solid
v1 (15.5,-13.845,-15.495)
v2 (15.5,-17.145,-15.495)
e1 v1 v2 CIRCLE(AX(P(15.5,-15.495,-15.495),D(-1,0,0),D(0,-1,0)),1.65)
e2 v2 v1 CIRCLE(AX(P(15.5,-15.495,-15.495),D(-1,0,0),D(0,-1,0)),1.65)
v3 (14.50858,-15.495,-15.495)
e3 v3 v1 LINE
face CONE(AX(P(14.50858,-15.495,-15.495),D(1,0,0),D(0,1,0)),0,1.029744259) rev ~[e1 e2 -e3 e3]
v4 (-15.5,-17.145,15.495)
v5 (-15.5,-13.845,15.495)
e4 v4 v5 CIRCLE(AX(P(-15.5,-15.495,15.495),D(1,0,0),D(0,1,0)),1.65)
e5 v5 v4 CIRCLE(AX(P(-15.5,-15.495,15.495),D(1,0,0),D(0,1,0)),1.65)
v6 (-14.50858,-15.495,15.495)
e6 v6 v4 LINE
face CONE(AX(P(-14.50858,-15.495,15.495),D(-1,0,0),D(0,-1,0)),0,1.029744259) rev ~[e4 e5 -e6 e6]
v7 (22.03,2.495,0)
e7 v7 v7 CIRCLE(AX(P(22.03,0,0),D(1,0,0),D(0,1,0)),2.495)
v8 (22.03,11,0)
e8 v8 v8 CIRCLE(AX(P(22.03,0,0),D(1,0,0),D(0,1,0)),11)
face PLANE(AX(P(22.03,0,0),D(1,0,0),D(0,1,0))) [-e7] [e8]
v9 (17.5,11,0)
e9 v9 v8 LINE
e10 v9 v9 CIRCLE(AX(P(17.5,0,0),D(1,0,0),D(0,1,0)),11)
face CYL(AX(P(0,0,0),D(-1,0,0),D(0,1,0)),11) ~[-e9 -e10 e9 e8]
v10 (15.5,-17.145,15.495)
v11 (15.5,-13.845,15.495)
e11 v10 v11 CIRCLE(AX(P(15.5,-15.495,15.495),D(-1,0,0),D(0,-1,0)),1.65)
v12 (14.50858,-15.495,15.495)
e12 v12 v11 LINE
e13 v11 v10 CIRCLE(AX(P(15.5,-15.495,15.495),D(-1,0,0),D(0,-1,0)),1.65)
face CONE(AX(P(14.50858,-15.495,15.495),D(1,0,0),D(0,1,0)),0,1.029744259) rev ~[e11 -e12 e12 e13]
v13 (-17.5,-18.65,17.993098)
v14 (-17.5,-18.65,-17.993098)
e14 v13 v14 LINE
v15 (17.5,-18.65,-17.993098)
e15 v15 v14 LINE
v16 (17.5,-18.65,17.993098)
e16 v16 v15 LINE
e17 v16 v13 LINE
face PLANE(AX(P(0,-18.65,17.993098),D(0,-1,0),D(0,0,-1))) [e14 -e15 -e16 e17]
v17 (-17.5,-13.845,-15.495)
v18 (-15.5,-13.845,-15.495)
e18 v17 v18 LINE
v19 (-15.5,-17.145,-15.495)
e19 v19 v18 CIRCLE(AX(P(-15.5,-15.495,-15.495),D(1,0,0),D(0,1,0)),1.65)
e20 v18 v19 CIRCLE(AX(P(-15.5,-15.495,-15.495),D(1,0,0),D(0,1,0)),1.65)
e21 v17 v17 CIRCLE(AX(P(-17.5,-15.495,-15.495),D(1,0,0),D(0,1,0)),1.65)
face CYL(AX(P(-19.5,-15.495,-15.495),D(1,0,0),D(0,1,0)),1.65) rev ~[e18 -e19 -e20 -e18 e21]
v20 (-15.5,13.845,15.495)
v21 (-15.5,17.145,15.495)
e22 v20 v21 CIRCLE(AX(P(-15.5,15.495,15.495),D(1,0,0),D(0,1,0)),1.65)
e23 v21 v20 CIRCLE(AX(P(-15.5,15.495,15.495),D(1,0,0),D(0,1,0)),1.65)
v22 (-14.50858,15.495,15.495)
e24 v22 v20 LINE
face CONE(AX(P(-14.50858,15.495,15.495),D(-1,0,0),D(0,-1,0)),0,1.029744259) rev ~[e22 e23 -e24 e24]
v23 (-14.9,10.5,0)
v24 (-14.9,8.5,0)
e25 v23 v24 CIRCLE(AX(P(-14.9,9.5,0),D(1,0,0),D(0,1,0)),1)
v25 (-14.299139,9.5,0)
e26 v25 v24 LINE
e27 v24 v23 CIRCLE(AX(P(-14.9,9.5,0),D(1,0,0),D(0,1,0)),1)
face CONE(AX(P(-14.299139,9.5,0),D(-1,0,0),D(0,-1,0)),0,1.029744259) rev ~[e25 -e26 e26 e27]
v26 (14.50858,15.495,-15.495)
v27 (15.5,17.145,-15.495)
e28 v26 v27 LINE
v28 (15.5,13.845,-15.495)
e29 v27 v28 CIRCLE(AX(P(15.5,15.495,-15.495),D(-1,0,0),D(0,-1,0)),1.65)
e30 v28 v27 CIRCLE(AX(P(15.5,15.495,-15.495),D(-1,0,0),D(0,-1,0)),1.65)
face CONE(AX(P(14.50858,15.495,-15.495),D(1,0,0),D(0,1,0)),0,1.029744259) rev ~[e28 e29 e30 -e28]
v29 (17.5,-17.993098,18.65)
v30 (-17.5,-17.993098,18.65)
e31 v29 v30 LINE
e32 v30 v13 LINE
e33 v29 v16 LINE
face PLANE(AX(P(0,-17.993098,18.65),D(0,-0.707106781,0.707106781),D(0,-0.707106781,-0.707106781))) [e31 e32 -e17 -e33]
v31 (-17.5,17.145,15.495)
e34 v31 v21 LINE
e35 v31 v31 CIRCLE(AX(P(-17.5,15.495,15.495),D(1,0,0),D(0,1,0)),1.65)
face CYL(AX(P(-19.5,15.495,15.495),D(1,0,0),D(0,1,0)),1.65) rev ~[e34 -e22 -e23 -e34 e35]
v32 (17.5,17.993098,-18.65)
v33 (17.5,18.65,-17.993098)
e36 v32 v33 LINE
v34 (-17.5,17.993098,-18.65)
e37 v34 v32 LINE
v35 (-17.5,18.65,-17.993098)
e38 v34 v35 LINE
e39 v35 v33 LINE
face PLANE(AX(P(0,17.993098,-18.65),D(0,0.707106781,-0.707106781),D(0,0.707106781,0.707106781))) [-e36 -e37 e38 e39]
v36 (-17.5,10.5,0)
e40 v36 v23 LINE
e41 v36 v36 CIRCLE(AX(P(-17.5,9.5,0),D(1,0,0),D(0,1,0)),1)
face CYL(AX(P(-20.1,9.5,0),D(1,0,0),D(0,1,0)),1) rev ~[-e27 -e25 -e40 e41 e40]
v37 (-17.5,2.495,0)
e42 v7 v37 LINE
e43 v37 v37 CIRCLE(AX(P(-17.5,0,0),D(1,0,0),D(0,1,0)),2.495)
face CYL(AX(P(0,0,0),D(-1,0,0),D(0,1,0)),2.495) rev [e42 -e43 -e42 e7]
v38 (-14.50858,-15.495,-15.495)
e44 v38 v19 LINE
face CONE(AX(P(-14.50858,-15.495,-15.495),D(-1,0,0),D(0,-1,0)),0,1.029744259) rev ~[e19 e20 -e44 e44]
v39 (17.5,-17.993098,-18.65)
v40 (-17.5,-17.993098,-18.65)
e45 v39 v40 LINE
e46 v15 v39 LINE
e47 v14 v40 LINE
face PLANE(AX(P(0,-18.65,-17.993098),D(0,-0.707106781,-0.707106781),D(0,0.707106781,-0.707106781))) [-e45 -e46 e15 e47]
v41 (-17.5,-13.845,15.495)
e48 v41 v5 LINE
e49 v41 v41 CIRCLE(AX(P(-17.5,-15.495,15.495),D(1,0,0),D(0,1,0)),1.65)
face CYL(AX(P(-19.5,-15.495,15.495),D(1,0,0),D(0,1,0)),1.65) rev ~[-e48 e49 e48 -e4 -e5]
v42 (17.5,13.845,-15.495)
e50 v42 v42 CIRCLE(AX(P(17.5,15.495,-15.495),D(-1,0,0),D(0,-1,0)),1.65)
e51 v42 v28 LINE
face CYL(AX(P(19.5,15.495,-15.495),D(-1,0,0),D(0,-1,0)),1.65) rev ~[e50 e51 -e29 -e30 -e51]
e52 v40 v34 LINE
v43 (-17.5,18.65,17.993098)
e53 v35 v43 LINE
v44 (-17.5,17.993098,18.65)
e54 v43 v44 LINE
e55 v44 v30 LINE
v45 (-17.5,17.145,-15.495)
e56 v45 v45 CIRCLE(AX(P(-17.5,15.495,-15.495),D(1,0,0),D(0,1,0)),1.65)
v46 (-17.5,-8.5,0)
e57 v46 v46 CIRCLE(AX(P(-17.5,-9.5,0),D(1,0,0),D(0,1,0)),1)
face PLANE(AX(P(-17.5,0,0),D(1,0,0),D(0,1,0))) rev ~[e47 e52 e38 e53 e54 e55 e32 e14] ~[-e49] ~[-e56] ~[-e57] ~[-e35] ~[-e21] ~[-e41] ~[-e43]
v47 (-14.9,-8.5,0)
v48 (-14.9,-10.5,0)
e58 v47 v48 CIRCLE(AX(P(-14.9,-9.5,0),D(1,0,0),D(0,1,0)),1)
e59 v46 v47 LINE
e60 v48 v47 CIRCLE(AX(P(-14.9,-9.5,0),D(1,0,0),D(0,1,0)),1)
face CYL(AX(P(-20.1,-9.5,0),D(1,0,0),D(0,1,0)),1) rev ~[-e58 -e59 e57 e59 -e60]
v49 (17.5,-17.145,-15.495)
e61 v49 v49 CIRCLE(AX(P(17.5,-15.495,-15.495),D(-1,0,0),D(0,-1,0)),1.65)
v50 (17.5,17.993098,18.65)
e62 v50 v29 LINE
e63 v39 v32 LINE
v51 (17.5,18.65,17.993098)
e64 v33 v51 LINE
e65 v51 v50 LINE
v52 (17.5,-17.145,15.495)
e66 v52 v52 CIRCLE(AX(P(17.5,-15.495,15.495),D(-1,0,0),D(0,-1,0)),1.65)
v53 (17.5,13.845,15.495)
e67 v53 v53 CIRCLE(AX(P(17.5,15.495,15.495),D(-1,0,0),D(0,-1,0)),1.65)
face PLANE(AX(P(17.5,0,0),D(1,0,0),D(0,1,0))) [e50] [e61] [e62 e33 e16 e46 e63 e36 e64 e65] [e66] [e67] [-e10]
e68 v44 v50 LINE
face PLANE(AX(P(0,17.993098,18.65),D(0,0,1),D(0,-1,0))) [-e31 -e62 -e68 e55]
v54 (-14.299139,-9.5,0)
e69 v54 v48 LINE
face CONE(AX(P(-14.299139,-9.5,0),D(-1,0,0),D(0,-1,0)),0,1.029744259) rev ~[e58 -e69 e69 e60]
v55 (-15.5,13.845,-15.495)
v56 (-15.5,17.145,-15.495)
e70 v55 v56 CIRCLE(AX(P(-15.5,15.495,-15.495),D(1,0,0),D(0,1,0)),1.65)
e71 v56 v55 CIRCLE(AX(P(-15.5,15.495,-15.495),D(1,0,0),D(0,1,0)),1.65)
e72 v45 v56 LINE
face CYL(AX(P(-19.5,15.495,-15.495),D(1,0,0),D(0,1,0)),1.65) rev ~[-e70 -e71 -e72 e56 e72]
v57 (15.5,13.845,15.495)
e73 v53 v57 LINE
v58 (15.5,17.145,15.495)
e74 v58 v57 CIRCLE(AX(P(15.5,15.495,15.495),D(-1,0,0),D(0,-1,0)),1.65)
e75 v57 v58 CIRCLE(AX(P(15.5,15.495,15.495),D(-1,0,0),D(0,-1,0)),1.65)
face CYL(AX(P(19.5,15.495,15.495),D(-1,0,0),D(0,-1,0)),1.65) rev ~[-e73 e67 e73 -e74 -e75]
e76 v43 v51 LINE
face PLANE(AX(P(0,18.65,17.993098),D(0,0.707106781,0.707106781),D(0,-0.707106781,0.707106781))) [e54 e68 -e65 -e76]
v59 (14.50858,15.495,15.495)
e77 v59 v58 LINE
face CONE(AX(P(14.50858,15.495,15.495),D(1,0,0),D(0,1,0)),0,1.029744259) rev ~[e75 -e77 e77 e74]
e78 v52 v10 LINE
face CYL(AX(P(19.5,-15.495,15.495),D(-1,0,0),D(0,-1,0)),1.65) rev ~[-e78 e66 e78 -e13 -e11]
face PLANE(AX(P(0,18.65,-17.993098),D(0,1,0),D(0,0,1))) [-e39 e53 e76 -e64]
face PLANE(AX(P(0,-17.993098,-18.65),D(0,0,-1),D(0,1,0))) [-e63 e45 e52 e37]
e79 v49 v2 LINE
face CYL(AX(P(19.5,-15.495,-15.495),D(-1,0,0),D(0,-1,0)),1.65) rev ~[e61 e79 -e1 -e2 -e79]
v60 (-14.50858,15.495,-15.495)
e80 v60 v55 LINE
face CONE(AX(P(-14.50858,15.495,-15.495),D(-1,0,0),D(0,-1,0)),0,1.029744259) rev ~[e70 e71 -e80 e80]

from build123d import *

# Parameters (mm, degrees)
F0_R     = 11
F1_DEPTH = 17.5
F0_R_2   = 2.495
F2_DEPTH = 17.5
F3_DEPTH = 22.03
F6_D     = 3.3
F6_DEPTH = 2
F6_TIP   = 0.9914200214
F7_D     = 3.3
F7_DEPTH = 2
F7_TIP   = 0.9914200214
F8_D     = 2
F8_DEPTH = 2.6
F8_TIP   = 0.600860619


with BuildPart() as f1:
    # F0 (on Right) → F1 (new body, symmetric)
    with BuildSketch(Plane.YZ):
        Polygon((-17.9930978003, -18.65), (17.9930978003, -18.65), (18.65, -17.9930978003), (18.65, 17.9930978003), (17.9930978003, 18.65), (-17.9930978003, 18.65), (-18.65, 17.9930978003), (-18.65, -17.9930978003), align=None)
        Circle(F0_R, mode=Mode.SUBTRACT)
    extrude(amount=F1_DEPTH, both=True)

    # F0 (on Right) → F2 (join, through all)
    with BuildSketch(Plane.YZ):
        Circle(F0_R)
        Circle(F0_R_2, mode=Mode.SUBTRACT)
    extrude(amount=-F2_DEPTH)

    # F0 (on Right) → F3 (join)
    with BuildSketch(Plane.YZ):
        Circle(F0_R)
        Circle(F0_R_2, mode=Mode.SUBTRACT)
    extrude(amount=F3_DEPTH)

    # F6
    with Locations(Plane.YZ.offset(17.5)):
        with Locations((15.495, 15.495), (-15.495, 15.495), (15.495, -15.495), (-15.495, -15.495)):
            Hole(F6_D / 2, depth=F6_DEPTH)
            with Locations((0, 0, -(F6_DEPTH + F6_TIP / 2))):  # 118° drill point
                Cone(0, F6_D / 2, F6_TIP, mode=Mode.SUBTRACT)

    # F7
    with Locations(Plane(origin=(-17.5, 0, 0), x_dir=(0, -1, 0), z_dir=(-1, 0, 0))):
        with Locations((-15.495, 15.495), (-15.495, -15.495), (15.495, -15.495), (15.495, 15.495)):
            Hole(F7_D / 2, depth=F7_DEPTH)
            with Locations((0, 0, -(F7_DEPTH + F7_TIP / 2))):  # 118° drill point
                Cone(0, F7_D / 2, F7_TIP, mode=Mode.SUBTRACT)

    # F8
    with Locations(Plane(origin=(-17.5, 0, 0), x_dir=(0, -1, 0), z_dir=(-1, 0, 0))):
        with Locations((-9.5, 0), (9.5, 0)):
            Hole(F8_D / 2, depth=F8_DEPTH)
            with Locations((0, 0, -(F8_DEPTH + F8_TIP / 2))):  # 118° drill point
                Cone(0, F8_D / 2, F8_TIP, mode=Mode.SUBTRACT)


solid = f1.part
